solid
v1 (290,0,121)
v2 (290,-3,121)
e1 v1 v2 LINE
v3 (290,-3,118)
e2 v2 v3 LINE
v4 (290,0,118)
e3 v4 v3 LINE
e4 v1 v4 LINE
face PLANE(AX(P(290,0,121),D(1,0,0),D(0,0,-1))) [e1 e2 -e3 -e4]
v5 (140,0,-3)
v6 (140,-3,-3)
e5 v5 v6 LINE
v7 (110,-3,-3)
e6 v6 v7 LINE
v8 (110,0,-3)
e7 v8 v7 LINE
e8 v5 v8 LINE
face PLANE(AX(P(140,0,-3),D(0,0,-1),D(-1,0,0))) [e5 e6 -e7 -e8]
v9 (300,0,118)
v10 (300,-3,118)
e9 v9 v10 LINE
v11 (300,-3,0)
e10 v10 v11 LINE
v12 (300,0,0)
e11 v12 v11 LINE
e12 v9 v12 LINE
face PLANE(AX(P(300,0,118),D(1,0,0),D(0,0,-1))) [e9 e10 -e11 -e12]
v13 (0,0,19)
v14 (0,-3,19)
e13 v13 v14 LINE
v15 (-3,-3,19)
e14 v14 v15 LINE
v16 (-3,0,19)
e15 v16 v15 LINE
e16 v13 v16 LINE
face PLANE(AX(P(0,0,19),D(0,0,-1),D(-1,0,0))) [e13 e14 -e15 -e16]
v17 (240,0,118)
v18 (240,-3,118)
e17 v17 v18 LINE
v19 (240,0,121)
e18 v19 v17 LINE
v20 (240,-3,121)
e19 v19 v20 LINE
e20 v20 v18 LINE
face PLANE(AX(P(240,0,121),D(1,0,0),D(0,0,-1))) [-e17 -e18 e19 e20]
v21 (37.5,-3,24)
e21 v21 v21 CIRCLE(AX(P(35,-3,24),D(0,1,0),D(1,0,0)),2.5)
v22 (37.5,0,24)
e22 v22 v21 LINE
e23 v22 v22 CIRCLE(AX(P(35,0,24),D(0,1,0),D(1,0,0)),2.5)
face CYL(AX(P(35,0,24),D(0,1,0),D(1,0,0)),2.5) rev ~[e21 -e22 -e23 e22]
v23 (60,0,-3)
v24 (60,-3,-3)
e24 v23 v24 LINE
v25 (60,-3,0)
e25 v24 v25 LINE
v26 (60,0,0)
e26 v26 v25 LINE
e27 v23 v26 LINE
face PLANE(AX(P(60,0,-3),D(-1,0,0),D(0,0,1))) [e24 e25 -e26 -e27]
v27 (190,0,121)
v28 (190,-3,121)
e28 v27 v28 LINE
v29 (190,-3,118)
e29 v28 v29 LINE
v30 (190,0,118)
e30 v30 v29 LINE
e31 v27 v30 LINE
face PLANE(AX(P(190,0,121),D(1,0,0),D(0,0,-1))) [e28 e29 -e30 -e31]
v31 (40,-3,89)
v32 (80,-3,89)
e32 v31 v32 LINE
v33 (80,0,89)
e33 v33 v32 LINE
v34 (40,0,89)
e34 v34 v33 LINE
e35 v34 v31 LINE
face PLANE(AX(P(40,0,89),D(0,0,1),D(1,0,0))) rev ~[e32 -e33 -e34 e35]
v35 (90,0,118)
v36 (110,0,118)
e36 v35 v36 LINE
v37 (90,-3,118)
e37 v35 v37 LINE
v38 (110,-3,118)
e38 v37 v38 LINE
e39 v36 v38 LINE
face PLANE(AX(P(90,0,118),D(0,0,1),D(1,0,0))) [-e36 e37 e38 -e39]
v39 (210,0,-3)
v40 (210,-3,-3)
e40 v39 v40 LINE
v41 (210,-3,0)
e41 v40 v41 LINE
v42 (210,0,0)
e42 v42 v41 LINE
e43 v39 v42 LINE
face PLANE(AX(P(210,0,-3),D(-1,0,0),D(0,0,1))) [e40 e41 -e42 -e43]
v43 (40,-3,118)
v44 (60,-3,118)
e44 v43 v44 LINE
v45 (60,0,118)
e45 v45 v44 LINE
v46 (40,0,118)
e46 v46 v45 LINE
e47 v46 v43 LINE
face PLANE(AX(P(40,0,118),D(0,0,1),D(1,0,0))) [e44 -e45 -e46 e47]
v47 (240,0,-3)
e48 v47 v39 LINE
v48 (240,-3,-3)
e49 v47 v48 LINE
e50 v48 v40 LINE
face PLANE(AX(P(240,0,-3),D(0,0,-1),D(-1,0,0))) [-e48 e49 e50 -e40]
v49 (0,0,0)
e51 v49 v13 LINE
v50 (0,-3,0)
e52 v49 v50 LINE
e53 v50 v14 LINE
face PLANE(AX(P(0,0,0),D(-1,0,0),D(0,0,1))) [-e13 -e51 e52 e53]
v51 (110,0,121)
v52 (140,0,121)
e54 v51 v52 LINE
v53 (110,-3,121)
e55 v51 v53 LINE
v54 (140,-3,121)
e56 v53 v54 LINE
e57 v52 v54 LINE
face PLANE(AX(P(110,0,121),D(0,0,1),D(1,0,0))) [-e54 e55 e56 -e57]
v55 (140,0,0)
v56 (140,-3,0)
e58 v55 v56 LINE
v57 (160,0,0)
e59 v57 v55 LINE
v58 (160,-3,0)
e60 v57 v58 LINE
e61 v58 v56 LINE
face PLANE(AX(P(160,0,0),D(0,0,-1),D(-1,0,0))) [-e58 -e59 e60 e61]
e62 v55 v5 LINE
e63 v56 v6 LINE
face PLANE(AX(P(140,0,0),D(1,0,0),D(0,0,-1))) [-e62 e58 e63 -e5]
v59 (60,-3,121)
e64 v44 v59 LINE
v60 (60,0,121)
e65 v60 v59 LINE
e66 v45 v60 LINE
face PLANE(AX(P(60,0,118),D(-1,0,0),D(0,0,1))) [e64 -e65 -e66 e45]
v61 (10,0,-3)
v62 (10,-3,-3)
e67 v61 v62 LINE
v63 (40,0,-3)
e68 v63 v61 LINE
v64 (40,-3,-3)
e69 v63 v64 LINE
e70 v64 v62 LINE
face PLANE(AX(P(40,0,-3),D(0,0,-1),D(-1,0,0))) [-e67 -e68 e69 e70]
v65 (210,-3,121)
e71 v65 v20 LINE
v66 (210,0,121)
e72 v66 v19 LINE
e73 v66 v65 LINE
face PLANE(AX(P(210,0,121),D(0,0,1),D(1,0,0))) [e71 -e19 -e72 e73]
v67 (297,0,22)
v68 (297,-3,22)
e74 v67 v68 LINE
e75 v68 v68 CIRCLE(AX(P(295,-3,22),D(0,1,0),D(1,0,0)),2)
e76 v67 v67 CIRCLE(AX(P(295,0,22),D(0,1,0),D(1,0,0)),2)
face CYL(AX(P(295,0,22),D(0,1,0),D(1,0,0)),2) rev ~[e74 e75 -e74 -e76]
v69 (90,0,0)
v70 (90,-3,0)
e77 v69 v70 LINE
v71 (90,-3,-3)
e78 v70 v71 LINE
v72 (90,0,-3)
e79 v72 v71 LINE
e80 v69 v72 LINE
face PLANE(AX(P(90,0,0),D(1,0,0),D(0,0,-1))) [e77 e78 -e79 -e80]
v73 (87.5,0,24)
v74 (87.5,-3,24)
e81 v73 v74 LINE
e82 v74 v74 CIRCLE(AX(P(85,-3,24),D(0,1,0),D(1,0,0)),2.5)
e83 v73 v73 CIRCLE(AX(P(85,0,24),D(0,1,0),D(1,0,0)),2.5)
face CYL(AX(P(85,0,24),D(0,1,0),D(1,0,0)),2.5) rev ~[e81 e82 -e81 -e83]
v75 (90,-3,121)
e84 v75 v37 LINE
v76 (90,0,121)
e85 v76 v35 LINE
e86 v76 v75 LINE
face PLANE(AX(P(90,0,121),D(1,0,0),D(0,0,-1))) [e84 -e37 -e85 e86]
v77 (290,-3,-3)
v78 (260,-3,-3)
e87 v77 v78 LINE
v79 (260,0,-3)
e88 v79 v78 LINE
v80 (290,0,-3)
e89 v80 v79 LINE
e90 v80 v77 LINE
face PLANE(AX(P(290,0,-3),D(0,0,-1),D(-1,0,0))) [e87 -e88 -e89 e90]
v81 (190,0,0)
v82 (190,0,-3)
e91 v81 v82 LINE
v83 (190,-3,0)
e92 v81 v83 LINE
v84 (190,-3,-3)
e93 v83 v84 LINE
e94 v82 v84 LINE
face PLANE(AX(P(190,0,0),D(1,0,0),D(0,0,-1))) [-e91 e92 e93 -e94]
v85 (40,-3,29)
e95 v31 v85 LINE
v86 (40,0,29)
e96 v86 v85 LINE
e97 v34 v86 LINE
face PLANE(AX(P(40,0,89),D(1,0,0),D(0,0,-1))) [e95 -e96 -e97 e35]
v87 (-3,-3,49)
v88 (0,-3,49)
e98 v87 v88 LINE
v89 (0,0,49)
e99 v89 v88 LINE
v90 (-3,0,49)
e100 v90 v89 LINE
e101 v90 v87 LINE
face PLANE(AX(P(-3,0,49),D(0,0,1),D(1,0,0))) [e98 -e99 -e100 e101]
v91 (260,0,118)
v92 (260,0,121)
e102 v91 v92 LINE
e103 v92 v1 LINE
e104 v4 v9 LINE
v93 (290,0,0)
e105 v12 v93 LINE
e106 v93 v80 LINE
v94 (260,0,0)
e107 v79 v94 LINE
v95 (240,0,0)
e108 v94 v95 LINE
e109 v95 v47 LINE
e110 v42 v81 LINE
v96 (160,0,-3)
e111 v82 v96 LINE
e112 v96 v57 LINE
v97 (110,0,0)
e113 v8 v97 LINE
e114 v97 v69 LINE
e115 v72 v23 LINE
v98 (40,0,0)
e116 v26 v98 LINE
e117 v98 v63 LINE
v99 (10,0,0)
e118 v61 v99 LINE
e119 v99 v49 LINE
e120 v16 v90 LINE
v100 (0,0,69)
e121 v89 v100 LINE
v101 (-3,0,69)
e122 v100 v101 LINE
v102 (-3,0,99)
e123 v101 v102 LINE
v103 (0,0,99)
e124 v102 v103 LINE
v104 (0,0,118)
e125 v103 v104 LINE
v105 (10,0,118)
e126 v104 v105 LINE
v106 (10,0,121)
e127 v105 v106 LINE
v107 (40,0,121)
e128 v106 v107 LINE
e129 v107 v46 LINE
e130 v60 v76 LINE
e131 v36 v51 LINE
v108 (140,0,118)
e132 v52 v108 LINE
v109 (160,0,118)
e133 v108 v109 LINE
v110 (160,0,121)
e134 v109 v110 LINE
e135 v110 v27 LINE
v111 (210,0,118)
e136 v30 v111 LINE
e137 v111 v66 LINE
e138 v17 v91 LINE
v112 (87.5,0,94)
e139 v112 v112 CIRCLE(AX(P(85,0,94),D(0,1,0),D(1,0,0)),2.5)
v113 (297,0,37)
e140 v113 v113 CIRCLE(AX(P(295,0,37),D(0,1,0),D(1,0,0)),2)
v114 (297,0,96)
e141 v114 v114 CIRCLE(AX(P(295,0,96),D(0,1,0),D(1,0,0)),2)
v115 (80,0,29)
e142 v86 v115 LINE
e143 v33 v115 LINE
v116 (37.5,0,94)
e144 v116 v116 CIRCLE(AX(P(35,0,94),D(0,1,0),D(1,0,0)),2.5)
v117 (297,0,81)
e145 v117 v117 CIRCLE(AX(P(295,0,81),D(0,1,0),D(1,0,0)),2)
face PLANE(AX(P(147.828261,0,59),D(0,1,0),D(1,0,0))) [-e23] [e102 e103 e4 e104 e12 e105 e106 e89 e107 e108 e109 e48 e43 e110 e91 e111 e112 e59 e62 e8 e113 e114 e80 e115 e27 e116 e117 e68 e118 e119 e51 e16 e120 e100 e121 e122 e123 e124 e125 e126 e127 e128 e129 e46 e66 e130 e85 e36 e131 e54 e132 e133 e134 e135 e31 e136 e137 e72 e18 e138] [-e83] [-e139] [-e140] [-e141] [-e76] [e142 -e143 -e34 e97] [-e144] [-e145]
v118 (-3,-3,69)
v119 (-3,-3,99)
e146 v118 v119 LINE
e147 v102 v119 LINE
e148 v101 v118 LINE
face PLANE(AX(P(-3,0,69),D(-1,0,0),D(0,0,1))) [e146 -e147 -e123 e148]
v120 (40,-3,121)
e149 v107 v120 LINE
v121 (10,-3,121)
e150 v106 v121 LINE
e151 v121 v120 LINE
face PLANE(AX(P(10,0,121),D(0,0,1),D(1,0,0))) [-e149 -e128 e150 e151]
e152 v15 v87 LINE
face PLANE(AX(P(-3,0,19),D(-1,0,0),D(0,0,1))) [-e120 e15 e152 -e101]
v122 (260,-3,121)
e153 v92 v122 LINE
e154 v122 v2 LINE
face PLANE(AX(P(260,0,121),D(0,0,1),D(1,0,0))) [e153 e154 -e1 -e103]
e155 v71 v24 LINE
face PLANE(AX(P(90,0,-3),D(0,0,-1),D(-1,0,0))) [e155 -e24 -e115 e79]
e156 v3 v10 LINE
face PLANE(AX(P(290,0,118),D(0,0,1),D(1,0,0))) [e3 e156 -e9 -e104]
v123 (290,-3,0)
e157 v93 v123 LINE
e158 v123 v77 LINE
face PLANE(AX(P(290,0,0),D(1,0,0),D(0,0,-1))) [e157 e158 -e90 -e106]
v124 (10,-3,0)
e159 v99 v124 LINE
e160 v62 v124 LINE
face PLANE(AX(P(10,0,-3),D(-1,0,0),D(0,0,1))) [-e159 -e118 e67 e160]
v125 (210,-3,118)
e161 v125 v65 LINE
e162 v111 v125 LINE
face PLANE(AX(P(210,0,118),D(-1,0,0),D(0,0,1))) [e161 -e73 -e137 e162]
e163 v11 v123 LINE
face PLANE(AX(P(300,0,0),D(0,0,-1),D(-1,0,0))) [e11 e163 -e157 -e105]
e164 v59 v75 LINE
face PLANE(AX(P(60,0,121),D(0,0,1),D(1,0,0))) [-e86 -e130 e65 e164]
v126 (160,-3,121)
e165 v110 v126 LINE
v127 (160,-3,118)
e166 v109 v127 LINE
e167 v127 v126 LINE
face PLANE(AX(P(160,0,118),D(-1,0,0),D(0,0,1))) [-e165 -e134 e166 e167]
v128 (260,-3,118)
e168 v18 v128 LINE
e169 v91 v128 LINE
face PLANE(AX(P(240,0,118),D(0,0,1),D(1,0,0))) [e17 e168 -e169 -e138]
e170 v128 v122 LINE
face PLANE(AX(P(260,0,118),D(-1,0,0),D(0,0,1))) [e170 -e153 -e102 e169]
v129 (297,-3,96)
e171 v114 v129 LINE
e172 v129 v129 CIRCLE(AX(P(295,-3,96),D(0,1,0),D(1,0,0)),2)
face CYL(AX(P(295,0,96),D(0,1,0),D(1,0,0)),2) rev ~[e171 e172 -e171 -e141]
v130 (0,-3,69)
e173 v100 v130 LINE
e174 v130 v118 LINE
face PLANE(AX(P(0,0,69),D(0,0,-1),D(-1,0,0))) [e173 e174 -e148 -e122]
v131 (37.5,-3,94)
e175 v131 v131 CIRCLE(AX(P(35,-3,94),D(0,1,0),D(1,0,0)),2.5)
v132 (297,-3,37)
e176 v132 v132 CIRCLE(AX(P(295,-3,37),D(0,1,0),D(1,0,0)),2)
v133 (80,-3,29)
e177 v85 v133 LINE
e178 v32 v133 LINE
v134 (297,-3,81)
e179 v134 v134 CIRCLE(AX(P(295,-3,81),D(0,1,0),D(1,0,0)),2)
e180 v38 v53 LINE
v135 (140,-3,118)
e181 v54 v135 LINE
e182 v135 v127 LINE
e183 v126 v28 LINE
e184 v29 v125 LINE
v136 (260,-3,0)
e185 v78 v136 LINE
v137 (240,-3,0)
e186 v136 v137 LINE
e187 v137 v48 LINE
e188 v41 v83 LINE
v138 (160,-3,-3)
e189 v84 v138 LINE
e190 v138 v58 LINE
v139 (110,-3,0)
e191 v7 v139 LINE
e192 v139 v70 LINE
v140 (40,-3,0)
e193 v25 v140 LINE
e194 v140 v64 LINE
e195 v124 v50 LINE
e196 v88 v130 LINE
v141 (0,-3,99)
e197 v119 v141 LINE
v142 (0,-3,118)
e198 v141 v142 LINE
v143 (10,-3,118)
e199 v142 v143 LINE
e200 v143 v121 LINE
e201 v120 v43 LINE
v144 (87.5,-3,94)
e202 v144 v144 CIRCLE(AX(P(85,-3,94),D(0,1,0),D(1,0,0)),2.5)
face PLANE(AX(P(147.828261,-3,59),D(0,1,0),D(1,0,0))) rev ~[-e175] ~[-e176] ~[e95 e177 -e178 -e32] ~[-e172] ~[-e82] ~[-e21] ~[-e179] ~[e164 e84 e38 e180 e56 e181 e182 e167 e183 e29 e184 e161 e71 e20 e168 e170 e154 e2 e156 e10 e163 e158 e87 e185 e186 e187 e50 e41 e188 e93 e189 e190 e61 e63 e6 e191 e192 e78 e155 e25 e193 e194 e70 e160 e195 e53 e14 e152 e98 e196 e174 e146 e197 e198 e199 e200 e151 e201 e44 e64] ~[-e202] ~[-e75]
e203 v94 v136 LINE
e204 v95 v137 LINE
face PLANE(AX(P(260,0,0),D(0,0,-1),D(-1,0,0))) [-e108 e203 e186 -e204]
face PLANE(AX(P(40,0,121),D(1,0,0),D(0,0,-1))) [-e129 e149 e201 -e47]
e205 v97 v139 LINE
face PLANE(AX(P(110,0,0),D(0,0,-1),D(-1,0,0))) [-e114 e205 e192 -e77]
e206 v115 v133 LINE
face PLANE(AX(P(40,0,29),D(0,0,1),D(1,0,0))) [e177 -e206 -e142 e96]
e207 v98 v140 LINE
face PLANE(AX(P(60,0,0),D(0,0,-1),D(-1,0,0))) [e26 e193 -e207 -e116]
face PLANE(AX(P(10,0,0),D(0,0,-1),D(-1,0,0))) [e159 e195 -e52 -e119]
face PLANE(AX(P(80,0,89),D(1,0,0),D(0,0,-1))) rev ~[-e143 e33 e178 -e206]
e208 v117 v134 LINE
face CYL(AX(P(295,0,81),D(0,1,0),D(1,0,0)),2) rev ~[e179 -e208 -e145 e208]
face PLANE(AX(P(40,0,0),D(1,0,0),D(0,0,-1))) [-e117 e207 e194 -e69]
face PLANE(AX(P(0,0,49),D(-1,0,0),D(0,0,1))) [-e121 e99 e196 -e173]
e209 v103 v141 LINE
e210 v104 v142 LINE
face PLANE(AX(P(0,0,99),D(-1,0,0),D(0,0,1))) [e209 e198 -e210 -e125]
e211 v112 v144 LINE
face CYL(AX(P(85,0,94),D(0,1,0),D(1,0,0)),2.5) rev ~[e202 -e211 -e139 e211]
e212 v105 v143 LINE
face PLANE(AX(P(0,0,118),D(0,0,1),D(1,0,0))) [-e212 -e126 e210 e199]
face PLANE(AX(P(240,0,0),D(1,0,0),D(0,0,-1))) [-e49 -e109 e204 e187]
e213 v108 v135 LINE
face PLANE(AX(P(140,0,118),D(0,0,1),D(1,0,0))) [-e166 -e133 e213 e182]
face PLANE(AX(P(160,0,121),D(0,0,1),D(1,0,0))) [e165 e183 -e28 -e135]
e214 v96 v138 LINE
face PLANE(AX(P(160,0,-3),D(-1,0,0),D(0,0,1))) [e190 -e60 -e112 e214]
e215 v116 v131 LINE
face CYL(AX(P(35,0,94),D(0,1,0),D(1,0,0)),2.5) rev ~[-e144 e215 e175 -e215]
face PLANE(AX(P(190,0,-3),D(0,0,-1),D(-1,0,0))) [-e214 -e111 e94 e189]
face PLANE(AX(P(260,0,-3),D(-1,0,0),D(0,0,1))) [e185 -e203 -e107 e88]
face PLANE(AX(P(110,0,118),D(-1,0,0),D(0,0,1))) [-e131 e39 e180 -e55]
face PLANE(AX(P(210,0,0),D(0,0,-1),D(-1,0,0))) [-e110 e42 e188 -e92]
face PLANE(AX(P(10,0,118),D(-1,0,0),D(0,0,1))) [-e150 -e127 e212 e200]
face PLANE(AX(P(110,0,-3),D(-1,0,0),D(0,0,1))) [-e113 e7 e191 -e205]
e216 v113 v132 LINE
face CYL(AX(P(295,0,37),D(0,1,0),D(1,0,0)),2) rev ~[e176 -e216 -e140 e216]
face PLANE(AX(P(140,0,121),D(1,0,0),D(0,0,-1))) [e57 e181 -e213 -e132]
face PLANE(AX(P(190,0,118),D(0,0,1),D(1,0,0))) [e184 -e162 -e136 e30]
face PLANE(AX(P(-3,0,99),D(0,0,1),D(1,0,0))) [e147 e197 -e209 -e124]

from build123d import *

# Parameters (mm, degrees)
EXTRUDE_1_DEPTH     = 3
SKETCH_5_R          = 2
SKETCH_5_R_2        = 2.5
SKETCH_5_W          = 40
SKETCH_5_H          = 60
CUT_EXTRUDE_1_DEPTH = 3


with BuildPart() as part:
    # 草图4 → 凸台-拉伸1 (new body)
    with BuildSketch(Plane(origin=(0, 0, 0), x_dir=(1, 0, 0), z_dir=(0, 1, 0))):
        Polygon((10, 0), (0, 0), (0, -19), (-3, -19), (-3, -49), (0, -49), (0, -69), (-3, -69), (-3, -99), (0, -99), (0, -118), (10, -118), (10, -121), (40, -121), (40, -118), (60, -118), (60, -121), (90, -121), (90, -118), (110, -118), (110, -121), (140, -121), (140, -118), (160, -118), (160, -121), (190, -121), (190, -118), (210, -118), (210, -121), (240, -121), (240, -118), (260, -118), (260, -121), (290, -121), (290, -118), (300, -118), (300, 0), (290, 0), (290, 3), (260, 3), (260, 0), (240, 0), (240, 3), (210, 3), (210, 0), (190, 0), (190, 3), (160, 3), (160, 0), (140, 0), (140, 3), (110, 3), (110, 0), (90, 0), (90, 3), (60, 3), (60, 0), (40, 0), (40, 3), (10, 3), align=None)
    extrude(amount=-EXTRUDE_1_DEPTH)

    # 草图5 → 切除-拉伸1 (cut)
    with BuildSketch(Plane(origin=(0, 0, 0), x_dir=(1, 0, 0), z_dir=(0, 1, 0))):
        with Locations((295, -96)):
            Circle(SKETCH_5_R)
        with Locations((295, -81)):
            Circle(SKETCH_5_R)
        with Locations((295, -22)):
            Circle(SKETCH_5_R)
        with Locations((295, -37)):
            Circle(SKETCH_5_R)
        with Locations((35, -24)):
            Circle(SKETCH_5_R_2)
        with Locations((35, -94)):
            Circle(SKETCH_5_R_2)
        with Locations((85, -94)):
            Circle(SKETCH_5_R_2)
        with Locations((85, -24)):
            Circle(SKETCH_5_R_2)
        with Locations((60, -59)):
            Rectangle(SKETCH_5_W, SKETCH_5_H)
    extrude(amount=-CUT_EXTRUDE_1_DEPTH, mode=Mode.SUBTRACT)


solid = part.part
